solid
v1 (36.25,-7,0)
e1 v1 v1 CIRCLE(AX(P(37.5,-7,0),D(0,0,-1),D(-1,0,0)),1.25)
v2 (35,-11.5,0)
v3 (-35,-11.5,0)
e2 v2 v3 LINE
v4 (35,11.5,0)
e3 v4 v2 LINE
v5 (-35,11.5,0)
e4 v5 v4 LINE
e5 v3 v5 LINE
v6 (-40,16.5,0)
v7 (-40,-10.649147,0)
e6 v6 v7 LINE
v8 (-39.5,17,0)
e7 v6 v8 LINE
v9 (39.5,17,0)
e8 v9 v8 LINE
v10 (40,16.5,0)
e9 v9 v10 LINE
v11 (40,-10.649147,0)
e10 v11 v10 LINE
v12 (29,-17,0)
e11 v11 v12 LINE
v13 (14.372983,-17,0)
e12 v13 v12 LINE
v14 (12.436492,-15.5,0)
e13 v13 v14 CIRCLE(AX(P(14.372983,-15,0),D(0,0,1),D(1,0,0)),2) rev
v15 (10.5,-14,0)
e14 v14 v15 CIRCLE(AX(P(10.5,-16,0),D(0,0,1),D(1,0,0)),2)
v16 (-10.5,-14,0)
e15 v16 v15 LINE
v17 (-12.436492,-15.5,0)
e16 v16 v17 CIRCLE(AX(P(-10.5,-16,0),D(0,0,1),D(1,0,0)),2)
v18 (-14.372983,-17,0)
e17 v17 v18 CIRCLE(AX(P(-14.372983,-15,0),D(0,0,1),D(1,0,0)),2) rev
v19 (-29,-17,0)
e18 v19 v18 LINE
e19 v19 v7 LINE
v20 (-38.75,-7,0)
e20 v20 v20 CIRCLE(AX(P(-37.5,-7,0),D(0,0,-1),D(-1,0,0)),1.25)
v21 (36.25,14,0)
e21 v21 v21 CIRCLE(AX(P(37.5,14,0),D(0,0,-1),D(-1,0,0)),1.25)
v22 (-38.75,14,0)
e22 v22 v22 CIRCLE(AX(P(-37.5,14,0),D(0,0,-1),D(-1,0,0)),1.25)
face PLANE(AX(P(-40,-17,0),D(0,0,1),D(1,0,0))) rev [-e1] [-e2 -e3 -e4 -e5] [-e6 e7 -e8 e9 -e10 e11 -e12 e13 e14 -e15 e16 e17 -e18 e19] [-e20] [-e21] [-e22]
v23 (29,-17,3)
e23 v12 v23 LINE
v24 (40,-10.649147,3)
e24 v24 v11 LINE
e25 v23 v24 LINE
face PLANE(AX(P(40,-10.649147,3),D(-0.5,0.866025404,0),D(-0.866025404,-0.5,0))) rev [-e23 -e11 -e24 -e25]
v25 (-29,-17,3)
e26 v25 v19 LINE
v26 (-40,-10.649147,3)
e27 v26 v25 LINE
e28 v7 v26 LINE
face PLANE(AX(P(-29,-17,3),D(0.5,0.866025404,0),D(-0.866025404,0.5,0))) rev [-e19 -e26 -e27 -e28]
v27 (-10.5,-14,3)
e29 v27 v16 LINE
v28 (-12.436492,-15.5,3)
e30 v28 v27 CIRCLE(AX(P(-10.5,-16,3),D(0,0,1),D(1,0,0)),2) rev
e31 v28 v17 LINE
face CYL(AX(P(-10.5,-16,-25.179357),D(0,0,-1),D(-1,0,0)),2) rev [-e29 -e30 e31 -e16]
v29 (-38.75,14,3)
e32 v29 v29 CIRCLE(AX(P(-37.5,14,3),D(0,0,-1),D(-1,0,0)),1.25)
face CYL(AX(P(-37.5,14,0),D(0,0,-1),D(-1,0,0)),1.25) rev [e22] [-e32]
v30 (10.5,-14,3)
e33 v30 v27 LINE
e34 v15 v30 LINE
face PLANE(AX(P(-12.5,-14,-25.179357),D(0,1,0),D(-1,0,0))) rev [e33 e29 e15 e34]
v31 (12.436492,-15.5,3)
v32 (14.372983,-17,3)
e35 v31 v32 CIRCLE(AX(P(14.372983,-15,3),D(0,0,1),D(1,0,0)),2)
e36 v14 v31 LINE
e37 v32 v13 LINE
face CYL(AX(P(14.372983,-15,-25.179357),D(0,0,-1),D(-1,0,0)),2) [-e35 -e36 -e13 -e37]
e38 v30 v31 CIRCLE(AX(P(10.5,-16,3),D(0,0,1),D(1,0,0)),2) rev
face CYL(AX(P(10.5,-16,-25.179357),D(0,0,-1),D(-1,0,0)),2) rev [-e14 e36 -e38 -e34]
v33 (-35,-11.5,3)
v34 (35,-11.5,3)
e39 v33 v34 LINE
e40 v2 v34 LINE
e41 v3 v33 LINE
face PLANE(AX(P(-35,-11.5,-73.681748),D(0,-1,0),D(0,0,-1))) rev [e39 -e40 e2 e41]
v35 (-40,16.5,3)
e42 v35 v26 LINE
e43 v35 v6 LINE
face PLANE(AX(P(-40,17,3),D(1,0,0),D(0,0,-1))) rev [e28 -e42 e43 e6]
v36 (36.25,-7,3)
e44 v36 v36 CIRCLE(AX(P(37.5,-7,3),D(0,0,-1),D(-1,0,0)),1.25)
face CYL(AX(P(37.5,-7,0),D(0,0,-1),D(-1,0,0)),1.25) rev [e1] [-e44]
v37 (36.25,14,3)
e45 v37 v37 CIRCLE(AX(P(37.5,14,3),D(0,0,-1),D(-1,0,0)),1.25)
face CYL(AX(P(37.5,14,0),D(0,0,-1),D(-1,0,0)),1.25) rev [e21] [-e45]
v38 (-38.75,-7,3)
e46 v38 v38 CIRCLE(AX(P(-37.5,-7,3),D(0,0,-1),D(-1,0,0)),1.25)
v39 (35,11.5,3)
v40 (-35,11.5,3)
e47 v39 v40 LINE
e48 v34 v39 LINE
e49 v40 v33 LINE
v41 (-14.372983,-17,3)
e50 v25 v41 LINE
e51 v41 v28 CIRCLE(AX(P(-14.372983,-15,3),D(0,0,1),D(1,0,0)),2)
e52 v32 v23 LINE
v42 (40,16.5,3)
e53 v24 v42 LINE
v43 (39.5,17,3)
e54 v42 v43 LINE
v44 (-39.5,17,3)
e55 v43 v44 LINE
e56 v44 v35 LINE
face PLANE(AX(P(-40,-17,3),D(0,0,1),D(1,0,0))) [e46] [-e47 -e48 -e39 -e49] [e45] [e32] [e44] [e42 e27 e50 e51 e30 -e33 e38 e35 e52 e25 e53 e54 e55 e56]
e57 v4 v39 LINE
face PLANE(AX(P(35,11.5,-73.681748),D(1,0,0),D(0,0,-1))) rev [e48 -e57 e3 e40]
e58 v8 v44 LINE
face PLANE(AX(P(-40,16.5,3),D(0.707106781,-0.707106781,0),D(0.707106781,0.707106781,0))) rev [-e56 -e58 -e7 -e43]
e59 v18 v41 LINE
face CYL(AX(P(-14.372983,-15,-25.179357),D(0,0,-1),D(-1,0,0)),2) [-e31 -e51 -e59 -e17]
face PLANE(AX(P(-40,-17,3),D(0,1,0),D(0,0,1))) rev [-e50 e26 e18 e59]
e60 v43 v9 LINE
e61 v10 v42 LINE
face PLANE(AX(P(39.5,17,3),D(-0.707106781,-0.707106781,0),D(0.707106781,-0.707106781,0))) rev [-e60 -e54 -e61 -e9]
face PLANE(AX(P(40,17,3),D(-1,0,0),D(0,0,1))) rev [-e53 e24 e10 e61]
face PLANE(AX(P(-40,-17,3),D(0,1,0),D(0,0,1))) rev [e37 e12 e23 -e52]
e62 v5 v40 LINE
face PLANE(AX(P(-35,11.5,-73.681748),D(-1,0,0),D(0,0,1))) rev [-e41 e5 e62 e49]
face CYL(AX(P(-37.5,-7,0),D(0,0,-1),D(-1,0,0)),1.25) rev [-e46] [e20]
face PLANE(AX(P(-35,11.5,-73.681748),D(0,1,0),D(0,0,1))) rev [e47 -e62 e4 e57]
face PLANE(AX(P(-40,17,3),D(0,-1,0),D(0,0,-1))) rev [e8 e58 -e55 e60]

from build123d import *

# Parameters (mm, degrees)
SKETCH_1_W              = 80
SKETCH_1_H              = 34
EXTRUDE_1_DEPTH         = 3
SKETCH_2_W              = 70
SKETCH_2_H              = 23
CUT_EXTRUDE_2_DEPTH     = 3
CHAMFER_1_SIZE          = 0.5
SKETCH_7_W              = 25
SKETCH_7_H              = 3
CUT_EXTRUDE_6_DEPTH     = 3
FILLET_2_R              = 2
CHAMFER_2_SIZE          = 11
CHAMFER_2_SIZE2         = 6.350852961
CHAMFER_3_SIZE          = 11
CHAMFER_3_SIZE2         = 6.350852961
FILLET_3_R              = 2
HOLE_WIZARD_2_5_2_5_1_D = 2.5


with BuildPart() as part:
    # 草图1 → Extrude 1 (new body)
    with BuildSketch(Plane.XY):
        Rectangle(SKETCH_1_W, SKETCH_1_H)
    extrude(amount=EXTRUDE_1_DEPTH)

    # 草图2 → 拉伸2 (cut)
    with BuildSketch(Plane.XY.offset(3)):
        Rectangle(SKETCH_2_W, SKETCH_2_H)
    extrude(amount=-CUT_EXTRUDE_2_DEPTH, mode=Mode.SUBTRACT)

    # 倒角1
    chamfer_1_edges = [part.edges().sort_by_distance(p)[0] for p in [
        (-40, 17, 1.5),
        (40, 17, 1.5),
    ]]
    chamfer(chamfer_1_edges, length=CHAMFER_1_SIZE)

    # 草图7 → 拉伸6 (cut)
    with BuildSketch(Plane.XY.offset(3)):
        with Locations((0, -15.5)):
            Rectangle(SKETCH_7_W, SKETCH_7_H)
    extrude(amount=-CUT_EXTRUDE_6_DEPTH, mode=Mode.SUBTRACT)

    # 圆角2
    fillet_2_edges = [part.edges().sort_by_distance(p)[0] for p in [
        (-12.5, -14, 1.5),
        (12.5, -14, 1.5),
    ]]
    fillet(fillet_2_edges, radius=FILLET_2_R)

    # 倒角2
    chamfer_2_edges = [part.edges().sort_by_distance(p)[0] for p in [
        (40, -17, 1.5),
    ]]
    chamfer_2_side = [part.faces().sort_by_distance(p)[0] for p in [
        (26.25, -17, 1.5),
    ]]
    chamfer(chamfer_2_edges, length=CHAMFER_2_SIZE, length2=CHAMFER_2_SIZE2, reference=chamfer_2_side[0])

    # 倒角3
    chamfer_3_edges = [part.edges().sort_by_distance(p)[0] for p in [
        (-40, -17, 1.5),
    ]]
    chamfer_3_side = [part.faces().sort_by_distance(p)[0] for p in [
        (-26.25, -17, 1.5),
    ]]
    chamfer(chamfer_3_edges, length=CHAMFER_3_SIZE, length2=CHAMFER_3_SIZE2, reference=chamfer_3_side[0])

    # 圆角3
    fillet_3_edges = [part.edges().sort_by_distance(p)[0] for p in [
        (12.5, -17, 1.5),
        (-12.5, -17, 1.5),
    ]]
    fillet(fillet_3_edges, radius=FILLET_3_R)

    # Ø2.5 (2.5) 直径孔1 (through all)
    with Locations(Plane(origin=(-37.5, -7, 0), x_dir=(-1, 0, 0), z_dir=(0, 0, -1))):
        with Locations((0, 0), (0, 21), (-75, 21), (-75, 0)):
            Hole(HOLE_WIZARD_2_5_2_5_1_D / 2)


solid = part.part
